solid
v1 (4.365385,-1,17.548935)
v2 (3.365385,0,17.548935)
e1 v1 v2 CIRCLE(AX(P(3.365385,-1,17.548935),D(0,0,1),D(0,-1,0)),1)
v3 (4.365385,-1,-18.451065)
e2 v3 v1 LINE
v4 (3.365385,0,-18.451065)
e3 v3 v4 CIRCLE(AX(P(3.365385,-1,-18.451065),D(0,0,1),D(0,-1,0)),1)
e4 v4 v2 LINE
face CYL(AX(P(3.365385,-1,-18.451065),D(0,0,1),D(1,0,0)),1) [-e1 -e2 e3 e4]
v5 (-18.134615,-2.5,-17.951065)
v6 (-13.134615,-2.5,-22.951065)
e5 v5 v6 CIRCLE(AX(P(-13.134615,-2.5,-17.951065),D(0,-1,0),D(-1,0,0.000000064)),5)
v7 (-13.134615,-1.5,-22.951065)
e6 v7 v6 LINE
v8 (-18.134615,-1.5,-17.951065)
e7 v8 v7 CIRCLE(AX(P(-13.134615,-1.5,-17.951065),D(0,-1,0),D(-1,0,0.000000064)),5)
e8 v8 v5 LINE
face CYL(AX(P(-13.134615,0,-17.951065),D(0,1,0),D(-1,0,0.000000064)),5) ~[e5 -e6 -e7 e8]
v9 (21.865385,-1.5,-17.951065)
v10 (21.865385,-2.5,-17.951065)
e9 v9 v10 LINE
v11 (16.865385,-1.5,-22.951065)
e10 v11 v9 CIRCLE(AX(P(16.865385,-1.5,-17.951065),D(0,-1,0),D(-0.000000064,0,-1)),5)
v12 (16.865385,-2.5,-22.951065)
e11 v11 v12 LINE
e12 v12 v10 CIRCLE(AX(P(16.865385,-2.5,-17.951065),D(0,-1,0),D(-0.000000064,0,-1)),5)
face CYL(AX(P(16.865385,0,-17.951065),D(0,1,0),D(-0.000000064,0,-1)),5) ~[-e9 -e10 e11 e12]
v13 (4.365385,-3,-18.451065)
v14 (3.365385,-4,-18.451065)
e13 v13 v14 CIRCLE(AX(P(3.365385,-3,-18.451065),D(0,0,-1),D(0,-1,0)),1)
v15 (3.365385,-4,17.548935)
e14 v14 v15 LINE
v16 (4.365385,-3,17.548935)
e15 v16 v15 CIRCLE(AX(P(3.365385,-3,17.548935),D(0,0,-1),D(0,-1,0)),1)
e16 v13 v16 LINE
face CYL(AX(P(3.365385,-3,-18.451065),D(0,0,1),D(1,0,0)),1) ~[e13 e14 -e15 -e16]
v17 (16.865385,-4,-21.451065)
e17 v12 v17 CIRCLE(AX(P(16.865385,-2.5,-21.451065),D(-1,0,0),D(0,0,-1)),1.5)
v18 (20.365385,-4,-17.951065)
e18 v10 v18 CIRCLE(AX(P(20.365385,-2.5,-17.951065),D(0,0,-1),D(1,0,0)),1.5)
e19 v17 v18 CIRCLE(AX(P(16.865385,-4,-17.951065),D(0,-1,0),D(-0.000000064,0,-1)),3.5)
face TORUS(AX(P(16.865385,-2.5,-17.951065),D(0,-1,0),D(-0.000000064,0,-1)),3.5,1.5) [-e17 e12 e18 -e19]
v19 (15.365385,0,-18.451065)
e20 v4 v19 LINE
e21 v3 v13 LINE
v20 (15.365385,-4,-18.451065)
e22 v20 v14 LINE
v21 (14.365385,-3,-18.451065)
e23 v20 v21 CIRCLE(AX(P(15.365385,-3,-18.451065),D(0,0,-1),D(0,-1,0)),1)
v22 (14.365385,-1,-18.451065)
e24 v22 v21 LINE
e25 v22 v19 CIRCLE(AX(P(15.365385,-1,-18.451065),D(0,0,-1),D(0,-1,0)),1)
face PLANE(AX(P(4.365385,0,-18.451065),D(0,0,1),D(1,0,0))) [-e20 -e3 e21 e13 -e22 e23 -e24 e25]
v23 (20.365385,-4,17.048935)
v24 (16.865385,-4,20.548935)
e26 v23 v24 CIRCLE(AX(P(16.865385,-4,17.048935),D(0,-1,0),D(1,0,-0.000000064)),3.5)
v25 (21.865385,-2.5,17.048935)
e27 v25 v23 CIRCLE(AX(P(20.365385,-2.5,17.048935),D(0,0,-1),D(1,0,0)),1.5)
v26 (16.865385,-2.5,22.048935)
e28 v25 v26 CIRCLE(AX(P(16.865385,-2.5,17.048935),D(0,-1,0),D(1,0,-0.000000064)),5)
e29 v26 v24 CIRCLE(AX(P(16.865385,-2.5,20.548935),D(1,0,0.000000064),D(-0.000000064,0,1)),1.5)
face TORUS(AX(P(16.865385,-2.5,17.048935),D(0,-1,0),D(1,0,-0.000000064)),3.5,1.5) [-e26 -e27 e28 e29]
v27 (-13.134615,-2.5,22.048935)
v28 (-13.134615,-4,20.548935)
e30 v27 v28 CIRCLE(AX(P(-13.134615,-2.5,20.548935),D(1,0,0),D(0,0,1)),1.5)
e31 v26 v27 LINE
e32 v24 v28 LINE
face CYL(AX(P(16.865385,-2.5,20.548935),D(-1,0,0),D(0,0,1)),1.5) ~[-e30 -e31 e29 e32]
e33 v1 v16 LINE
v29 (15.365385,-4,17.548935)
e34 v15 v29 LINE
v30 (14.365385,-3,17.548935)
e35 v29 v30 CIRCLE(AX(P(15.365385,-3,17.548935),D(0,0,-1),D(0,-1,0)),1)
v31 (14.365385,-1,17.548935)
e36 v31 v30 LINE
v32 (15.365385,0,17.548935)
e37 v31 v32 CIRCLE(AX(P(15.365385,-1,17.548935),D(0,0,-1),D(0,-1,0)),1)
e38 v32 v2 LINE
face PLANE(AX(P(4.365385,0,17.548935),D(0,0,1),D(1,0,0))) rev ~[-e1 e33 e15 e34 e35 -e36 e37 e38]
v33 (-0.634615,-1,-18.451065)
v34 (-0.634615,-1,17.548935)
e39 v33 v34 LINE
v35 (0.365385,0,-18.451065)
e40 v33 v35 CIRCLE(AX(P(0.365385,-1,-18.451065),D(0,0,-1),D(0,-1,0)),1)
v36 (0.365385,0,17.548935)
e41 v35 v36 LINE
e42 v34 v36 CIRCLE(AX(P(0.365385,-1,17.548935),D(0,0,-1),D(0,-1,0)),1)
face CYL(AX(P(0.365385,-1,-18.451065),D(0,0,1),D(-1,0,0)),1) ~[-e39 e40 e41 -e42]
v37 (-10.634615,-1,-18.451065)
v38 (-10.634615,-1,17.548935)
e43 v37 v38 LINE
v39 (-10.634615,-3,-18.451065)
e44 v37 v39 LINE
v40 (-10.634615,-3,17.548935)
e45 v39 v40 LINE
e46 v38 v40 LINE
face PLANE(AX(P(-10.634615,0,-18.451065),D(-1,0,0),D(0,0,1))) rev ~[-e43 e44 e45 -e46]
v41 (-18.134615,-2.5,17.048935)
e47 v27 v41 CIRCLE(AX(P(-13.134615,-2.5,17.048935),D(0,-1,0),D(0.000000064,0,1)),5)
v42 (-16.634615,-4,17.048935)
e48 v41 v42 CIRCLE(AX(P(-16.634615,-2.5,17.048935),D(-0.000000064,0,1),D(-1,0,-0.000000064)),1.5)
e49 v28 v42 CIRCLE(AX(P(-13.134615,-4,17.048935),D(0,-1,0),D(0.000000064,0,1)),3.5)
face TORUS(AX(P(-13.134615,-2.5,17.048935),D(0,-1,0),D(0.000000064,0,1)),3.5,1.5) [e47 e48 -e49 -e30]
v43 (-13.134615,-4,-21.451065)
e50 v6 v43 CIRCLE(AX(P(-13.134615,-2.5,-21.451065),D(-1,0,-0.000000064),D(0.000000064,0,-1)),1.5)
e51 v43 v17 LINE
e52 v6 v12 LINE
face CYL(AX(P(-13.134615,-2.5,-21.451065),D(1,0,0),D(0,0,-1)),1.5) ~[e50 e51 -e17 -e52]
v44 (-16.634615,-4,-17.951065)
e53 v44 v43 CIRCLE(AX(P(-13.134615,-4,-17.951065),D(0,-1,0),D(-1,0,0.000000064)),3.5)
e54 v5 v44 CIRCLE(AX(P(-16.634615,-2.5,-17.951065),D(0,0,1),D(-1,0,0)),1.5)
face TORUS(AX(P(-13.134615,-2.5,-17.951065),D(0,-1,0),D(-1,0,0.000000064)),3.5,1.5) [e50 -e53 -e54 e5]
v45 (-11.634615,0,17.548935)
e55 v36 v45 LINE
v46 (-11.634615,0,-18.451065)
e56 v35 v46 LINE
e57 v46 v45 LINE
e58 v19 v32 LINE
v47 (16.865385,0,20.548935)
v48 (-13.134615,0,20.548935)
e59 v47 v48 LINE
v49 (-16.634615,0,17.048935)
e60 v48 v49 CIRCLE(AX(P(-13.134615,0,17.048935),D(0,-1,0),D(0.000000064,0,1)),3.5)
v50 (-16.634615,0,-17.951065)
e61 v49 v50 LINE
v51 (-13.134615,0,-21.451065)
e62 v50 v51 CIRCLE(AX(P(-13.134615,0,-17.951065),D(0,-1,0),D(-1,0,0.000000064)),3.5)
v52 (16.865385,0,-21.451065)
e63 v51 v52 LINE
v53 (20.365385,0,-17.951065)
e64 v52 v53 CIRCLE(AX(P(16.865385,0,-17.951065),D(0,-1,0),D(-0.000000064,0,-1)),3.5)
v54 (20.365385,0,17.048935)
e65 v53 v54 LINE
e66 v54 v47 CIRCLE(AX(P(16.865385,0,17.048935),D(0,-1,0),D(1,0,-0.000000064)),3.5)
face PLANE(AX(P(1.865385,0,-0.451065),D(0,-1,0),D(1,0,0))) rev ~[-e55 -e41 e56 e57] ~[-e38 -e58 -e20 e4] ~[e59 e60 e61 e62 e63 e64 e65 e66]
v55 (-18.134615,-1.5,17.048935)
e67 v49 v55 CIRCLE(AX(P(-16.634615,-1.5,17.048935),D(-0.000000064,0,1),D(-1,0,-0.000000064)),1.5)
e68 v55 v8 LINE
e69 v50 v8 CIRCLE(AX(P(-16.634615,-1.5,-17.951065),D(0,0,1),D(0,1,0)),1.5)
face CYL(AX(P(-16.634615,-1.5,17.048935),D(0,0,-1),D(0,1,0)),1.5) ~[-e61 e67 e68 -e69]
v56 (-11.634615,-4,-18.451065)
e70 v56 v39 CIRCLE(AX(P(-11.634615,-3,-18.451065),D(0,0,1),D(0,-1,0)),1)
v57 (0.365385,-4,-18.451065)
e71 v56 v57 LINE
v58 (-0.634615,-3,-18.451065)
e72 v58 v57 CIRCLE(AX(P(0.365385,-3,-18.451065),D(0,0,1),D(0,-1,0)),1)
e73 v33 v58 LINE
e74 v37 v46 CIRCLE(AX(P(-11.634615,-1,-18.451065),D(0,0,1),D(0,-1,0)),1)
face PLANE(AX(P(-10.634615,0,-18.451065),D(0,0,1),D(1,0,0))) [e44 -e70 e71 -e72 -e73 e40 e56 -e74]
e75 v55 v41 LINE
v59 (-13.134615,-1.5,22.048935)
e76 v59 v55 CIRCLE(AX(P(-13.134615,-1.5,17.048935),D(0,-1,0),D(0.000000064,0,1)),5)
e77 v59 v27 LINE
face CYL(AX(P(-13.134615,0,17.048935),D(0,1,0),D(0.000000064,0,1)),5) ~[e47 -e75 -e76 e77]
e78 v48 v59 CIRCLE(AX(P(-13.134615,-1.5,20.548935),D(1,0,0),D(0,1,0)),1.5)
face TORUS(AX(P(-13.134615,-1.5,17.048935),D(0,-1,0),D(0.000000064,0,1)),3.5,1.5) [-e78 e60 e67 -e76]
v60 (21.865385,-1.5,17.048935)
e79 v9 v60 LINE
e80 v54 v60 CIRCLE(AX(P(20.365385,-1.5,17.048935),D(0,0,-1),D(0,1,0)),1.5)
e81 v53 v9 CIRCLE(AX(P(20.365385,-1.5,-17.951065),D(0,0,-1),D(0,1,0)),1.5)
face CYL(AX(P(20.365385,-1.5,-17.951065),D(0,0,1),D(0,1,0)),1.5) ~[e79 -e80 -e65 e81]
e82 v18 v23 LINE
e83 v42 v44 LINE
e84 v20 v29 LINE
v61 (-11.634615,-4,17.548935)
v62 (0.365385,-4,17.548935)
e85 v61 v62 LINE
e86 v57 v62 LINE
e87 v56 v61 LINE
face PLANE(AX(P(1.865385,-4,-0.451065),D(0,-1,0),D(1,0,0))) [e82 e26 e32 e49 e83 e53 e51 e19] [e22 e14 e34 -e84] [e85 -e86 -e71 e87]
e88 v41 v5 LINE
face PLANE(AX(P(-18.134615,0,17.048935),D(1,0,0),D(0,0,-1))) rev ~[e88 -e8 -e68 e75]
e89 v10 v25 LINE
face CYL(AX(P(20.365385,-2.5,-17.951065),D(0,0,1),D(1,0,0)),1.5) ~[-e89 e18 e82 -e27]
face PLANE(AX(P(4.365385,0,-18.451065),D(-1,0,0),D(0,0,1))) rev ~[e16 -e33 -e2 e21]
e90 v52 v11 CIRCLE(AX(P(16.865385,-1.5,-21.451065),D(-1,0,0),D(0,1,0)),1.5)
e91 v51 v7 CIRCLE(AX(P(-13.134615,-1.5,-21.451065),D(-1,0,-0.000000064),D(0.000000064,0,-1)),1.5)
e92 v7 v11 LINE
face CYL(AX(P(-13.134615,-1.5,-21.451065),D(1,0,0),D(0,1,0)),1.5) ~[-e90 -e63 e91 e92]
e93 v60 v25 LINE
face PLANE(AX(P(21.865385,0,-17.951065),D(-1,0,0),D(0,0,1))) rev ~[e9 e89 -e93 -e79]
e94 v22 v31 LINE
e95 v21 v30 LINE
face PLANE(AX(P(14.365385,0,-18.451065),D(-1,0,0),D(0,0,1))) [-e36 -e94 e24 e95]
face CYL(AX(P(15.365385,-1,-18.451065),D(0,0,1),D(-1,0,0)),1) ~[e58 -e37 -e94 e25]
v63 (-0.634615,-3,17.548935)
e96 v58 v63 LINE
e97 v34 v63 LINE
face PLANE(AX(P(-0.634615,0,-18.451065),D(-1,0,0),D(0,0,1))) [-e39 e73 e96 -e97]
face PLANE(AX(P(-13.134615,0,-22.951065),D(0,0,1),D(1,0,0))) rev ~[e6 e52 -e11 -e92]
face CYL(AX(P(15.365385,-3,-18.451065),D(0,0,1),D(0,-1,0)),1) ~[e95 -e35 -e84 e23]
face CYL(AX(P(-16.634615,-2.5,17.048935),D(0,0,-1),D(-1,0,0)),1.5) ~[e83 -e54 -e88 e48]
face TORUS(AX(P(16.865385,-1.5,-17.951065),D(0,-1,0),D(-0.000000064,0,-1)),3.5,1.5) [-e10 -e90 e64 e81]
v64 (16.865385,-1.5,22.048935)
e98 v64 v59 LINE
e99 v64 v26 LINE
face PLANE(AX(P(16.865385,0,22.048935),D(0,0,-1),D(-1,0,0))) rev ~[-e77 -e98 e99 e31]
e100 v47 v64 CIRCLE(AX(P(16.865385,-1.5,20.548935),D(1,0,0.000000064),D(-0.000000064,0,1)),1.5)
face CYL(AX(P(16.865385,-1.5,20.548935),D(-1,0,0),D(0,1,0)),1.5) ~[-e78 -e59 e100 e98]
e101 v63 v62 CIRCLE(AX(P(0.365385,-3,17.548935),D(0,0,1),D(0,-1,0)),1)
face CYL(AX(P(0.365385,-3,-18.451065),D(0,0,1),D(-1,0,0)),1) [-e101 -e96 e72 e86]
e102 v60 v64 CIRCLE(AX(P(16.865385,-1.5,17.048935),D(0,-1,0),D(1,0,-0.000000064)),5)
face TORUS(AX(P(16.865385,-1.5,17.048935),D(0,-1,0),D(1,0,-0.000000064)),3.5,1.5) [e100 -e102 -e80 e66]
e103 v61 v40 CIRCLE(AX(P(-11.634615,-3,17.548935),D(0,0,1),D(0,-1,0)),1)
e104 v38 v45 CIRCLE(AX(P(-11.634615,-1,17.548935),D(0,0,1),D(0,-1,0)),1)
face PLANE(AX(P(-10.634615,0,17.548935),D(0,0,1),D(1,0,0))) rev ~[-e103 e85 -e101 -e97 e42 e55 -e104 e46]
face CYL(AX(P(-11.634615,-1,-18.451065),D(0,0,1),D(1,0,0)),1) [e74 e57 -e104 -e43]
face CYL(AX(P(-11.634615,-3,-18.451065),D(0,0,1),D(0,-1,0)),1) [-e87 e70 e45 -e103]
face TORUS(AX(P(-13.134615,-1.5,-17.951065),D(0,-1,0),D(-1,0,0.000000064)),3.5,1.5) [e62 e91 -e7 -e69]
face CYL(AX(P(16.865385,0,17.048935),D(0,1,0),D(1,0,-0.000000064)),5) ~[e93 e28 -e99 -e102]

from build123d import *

# Parameters (mm, degrees)
F0_W     = 10
F0_H     = 36
F1_DEPTH = 4
F2_R     = 1
F3_R     = 1
F4_R     = 1.5


with BuildPart() as f1:
    # F0 (on Front) → F1 (new body)
    with BuildSketch(Plane.XZ):
        with BuildLine():
            ThreePointArc((-18.134615, -17.951065), (-16.670149, -21.486599), (-13.134615, -22.951065))
            Line((-13.134615, -22.951065), (16.865385, -22.951065))
            ThreePointArc((16.865385, -22.951065), (20.400919, -21.486599), (21.865385, -17.951065))
            Line((21.865385, -17.951065), (21.865385, 17.048935))
            ThreePointArc((21.865385, 17.048935), (20.400919, 20.584469), (16.865385, 22.048935))
            Line((16.865385, 22.048935), (-13.134615, 22.048935))
            ThreePointArc((-13.134615, 22.048935), (-16.670149, 20.584469), (-18.134615, 17.048935))
            Line((-18.134615, 17.048935), (-18.134615, -17.951065))
        make_face()
        with Locations((-5.634615, -0.451065)):
            Rectangle(F0_W, F0_H, mode=Mode.SUBTRACT)
        with Locations((9.365385, -0.451065)):
            Rectangle(F0_W, F0_H, mode=Mode.SUBTRACT)
    extrude(amount=F1_DEPTH)

    # F2
    f2_edges = [f1.edges().sort_by_distance(p)[0] for p in [
        (-0.634615, 0, -0.451065),
        (4.365385, 0, -0.451065),
        (4.365385, -4, -0.451065),
        (-0.634615, -4, -0.451065),
    ]]
    fillet(f2_edges, radius=F2_R)

    # F3
    f3_edges = [f1.edges().sort_by_distance(p)[0] for p in [
        (14.365385, -4, -0.451065),
        (14.365385, 0, -0.451065),
        (-10.634615, -4, -0.451065),
        (-10.634615, 0, -0.451065),
    ]]
    fillet(f3_edges, radius=F3_R)

    # F4
    f4_edges = [f1.edges().sort_by_distance(p)[0] for p in [
        (21.865385, -4, -0.451065),
        (21.865385, 0, -0.451065),
    ]]
    fillet(f4_edges, radius=F4_R)


solid = f1.part
